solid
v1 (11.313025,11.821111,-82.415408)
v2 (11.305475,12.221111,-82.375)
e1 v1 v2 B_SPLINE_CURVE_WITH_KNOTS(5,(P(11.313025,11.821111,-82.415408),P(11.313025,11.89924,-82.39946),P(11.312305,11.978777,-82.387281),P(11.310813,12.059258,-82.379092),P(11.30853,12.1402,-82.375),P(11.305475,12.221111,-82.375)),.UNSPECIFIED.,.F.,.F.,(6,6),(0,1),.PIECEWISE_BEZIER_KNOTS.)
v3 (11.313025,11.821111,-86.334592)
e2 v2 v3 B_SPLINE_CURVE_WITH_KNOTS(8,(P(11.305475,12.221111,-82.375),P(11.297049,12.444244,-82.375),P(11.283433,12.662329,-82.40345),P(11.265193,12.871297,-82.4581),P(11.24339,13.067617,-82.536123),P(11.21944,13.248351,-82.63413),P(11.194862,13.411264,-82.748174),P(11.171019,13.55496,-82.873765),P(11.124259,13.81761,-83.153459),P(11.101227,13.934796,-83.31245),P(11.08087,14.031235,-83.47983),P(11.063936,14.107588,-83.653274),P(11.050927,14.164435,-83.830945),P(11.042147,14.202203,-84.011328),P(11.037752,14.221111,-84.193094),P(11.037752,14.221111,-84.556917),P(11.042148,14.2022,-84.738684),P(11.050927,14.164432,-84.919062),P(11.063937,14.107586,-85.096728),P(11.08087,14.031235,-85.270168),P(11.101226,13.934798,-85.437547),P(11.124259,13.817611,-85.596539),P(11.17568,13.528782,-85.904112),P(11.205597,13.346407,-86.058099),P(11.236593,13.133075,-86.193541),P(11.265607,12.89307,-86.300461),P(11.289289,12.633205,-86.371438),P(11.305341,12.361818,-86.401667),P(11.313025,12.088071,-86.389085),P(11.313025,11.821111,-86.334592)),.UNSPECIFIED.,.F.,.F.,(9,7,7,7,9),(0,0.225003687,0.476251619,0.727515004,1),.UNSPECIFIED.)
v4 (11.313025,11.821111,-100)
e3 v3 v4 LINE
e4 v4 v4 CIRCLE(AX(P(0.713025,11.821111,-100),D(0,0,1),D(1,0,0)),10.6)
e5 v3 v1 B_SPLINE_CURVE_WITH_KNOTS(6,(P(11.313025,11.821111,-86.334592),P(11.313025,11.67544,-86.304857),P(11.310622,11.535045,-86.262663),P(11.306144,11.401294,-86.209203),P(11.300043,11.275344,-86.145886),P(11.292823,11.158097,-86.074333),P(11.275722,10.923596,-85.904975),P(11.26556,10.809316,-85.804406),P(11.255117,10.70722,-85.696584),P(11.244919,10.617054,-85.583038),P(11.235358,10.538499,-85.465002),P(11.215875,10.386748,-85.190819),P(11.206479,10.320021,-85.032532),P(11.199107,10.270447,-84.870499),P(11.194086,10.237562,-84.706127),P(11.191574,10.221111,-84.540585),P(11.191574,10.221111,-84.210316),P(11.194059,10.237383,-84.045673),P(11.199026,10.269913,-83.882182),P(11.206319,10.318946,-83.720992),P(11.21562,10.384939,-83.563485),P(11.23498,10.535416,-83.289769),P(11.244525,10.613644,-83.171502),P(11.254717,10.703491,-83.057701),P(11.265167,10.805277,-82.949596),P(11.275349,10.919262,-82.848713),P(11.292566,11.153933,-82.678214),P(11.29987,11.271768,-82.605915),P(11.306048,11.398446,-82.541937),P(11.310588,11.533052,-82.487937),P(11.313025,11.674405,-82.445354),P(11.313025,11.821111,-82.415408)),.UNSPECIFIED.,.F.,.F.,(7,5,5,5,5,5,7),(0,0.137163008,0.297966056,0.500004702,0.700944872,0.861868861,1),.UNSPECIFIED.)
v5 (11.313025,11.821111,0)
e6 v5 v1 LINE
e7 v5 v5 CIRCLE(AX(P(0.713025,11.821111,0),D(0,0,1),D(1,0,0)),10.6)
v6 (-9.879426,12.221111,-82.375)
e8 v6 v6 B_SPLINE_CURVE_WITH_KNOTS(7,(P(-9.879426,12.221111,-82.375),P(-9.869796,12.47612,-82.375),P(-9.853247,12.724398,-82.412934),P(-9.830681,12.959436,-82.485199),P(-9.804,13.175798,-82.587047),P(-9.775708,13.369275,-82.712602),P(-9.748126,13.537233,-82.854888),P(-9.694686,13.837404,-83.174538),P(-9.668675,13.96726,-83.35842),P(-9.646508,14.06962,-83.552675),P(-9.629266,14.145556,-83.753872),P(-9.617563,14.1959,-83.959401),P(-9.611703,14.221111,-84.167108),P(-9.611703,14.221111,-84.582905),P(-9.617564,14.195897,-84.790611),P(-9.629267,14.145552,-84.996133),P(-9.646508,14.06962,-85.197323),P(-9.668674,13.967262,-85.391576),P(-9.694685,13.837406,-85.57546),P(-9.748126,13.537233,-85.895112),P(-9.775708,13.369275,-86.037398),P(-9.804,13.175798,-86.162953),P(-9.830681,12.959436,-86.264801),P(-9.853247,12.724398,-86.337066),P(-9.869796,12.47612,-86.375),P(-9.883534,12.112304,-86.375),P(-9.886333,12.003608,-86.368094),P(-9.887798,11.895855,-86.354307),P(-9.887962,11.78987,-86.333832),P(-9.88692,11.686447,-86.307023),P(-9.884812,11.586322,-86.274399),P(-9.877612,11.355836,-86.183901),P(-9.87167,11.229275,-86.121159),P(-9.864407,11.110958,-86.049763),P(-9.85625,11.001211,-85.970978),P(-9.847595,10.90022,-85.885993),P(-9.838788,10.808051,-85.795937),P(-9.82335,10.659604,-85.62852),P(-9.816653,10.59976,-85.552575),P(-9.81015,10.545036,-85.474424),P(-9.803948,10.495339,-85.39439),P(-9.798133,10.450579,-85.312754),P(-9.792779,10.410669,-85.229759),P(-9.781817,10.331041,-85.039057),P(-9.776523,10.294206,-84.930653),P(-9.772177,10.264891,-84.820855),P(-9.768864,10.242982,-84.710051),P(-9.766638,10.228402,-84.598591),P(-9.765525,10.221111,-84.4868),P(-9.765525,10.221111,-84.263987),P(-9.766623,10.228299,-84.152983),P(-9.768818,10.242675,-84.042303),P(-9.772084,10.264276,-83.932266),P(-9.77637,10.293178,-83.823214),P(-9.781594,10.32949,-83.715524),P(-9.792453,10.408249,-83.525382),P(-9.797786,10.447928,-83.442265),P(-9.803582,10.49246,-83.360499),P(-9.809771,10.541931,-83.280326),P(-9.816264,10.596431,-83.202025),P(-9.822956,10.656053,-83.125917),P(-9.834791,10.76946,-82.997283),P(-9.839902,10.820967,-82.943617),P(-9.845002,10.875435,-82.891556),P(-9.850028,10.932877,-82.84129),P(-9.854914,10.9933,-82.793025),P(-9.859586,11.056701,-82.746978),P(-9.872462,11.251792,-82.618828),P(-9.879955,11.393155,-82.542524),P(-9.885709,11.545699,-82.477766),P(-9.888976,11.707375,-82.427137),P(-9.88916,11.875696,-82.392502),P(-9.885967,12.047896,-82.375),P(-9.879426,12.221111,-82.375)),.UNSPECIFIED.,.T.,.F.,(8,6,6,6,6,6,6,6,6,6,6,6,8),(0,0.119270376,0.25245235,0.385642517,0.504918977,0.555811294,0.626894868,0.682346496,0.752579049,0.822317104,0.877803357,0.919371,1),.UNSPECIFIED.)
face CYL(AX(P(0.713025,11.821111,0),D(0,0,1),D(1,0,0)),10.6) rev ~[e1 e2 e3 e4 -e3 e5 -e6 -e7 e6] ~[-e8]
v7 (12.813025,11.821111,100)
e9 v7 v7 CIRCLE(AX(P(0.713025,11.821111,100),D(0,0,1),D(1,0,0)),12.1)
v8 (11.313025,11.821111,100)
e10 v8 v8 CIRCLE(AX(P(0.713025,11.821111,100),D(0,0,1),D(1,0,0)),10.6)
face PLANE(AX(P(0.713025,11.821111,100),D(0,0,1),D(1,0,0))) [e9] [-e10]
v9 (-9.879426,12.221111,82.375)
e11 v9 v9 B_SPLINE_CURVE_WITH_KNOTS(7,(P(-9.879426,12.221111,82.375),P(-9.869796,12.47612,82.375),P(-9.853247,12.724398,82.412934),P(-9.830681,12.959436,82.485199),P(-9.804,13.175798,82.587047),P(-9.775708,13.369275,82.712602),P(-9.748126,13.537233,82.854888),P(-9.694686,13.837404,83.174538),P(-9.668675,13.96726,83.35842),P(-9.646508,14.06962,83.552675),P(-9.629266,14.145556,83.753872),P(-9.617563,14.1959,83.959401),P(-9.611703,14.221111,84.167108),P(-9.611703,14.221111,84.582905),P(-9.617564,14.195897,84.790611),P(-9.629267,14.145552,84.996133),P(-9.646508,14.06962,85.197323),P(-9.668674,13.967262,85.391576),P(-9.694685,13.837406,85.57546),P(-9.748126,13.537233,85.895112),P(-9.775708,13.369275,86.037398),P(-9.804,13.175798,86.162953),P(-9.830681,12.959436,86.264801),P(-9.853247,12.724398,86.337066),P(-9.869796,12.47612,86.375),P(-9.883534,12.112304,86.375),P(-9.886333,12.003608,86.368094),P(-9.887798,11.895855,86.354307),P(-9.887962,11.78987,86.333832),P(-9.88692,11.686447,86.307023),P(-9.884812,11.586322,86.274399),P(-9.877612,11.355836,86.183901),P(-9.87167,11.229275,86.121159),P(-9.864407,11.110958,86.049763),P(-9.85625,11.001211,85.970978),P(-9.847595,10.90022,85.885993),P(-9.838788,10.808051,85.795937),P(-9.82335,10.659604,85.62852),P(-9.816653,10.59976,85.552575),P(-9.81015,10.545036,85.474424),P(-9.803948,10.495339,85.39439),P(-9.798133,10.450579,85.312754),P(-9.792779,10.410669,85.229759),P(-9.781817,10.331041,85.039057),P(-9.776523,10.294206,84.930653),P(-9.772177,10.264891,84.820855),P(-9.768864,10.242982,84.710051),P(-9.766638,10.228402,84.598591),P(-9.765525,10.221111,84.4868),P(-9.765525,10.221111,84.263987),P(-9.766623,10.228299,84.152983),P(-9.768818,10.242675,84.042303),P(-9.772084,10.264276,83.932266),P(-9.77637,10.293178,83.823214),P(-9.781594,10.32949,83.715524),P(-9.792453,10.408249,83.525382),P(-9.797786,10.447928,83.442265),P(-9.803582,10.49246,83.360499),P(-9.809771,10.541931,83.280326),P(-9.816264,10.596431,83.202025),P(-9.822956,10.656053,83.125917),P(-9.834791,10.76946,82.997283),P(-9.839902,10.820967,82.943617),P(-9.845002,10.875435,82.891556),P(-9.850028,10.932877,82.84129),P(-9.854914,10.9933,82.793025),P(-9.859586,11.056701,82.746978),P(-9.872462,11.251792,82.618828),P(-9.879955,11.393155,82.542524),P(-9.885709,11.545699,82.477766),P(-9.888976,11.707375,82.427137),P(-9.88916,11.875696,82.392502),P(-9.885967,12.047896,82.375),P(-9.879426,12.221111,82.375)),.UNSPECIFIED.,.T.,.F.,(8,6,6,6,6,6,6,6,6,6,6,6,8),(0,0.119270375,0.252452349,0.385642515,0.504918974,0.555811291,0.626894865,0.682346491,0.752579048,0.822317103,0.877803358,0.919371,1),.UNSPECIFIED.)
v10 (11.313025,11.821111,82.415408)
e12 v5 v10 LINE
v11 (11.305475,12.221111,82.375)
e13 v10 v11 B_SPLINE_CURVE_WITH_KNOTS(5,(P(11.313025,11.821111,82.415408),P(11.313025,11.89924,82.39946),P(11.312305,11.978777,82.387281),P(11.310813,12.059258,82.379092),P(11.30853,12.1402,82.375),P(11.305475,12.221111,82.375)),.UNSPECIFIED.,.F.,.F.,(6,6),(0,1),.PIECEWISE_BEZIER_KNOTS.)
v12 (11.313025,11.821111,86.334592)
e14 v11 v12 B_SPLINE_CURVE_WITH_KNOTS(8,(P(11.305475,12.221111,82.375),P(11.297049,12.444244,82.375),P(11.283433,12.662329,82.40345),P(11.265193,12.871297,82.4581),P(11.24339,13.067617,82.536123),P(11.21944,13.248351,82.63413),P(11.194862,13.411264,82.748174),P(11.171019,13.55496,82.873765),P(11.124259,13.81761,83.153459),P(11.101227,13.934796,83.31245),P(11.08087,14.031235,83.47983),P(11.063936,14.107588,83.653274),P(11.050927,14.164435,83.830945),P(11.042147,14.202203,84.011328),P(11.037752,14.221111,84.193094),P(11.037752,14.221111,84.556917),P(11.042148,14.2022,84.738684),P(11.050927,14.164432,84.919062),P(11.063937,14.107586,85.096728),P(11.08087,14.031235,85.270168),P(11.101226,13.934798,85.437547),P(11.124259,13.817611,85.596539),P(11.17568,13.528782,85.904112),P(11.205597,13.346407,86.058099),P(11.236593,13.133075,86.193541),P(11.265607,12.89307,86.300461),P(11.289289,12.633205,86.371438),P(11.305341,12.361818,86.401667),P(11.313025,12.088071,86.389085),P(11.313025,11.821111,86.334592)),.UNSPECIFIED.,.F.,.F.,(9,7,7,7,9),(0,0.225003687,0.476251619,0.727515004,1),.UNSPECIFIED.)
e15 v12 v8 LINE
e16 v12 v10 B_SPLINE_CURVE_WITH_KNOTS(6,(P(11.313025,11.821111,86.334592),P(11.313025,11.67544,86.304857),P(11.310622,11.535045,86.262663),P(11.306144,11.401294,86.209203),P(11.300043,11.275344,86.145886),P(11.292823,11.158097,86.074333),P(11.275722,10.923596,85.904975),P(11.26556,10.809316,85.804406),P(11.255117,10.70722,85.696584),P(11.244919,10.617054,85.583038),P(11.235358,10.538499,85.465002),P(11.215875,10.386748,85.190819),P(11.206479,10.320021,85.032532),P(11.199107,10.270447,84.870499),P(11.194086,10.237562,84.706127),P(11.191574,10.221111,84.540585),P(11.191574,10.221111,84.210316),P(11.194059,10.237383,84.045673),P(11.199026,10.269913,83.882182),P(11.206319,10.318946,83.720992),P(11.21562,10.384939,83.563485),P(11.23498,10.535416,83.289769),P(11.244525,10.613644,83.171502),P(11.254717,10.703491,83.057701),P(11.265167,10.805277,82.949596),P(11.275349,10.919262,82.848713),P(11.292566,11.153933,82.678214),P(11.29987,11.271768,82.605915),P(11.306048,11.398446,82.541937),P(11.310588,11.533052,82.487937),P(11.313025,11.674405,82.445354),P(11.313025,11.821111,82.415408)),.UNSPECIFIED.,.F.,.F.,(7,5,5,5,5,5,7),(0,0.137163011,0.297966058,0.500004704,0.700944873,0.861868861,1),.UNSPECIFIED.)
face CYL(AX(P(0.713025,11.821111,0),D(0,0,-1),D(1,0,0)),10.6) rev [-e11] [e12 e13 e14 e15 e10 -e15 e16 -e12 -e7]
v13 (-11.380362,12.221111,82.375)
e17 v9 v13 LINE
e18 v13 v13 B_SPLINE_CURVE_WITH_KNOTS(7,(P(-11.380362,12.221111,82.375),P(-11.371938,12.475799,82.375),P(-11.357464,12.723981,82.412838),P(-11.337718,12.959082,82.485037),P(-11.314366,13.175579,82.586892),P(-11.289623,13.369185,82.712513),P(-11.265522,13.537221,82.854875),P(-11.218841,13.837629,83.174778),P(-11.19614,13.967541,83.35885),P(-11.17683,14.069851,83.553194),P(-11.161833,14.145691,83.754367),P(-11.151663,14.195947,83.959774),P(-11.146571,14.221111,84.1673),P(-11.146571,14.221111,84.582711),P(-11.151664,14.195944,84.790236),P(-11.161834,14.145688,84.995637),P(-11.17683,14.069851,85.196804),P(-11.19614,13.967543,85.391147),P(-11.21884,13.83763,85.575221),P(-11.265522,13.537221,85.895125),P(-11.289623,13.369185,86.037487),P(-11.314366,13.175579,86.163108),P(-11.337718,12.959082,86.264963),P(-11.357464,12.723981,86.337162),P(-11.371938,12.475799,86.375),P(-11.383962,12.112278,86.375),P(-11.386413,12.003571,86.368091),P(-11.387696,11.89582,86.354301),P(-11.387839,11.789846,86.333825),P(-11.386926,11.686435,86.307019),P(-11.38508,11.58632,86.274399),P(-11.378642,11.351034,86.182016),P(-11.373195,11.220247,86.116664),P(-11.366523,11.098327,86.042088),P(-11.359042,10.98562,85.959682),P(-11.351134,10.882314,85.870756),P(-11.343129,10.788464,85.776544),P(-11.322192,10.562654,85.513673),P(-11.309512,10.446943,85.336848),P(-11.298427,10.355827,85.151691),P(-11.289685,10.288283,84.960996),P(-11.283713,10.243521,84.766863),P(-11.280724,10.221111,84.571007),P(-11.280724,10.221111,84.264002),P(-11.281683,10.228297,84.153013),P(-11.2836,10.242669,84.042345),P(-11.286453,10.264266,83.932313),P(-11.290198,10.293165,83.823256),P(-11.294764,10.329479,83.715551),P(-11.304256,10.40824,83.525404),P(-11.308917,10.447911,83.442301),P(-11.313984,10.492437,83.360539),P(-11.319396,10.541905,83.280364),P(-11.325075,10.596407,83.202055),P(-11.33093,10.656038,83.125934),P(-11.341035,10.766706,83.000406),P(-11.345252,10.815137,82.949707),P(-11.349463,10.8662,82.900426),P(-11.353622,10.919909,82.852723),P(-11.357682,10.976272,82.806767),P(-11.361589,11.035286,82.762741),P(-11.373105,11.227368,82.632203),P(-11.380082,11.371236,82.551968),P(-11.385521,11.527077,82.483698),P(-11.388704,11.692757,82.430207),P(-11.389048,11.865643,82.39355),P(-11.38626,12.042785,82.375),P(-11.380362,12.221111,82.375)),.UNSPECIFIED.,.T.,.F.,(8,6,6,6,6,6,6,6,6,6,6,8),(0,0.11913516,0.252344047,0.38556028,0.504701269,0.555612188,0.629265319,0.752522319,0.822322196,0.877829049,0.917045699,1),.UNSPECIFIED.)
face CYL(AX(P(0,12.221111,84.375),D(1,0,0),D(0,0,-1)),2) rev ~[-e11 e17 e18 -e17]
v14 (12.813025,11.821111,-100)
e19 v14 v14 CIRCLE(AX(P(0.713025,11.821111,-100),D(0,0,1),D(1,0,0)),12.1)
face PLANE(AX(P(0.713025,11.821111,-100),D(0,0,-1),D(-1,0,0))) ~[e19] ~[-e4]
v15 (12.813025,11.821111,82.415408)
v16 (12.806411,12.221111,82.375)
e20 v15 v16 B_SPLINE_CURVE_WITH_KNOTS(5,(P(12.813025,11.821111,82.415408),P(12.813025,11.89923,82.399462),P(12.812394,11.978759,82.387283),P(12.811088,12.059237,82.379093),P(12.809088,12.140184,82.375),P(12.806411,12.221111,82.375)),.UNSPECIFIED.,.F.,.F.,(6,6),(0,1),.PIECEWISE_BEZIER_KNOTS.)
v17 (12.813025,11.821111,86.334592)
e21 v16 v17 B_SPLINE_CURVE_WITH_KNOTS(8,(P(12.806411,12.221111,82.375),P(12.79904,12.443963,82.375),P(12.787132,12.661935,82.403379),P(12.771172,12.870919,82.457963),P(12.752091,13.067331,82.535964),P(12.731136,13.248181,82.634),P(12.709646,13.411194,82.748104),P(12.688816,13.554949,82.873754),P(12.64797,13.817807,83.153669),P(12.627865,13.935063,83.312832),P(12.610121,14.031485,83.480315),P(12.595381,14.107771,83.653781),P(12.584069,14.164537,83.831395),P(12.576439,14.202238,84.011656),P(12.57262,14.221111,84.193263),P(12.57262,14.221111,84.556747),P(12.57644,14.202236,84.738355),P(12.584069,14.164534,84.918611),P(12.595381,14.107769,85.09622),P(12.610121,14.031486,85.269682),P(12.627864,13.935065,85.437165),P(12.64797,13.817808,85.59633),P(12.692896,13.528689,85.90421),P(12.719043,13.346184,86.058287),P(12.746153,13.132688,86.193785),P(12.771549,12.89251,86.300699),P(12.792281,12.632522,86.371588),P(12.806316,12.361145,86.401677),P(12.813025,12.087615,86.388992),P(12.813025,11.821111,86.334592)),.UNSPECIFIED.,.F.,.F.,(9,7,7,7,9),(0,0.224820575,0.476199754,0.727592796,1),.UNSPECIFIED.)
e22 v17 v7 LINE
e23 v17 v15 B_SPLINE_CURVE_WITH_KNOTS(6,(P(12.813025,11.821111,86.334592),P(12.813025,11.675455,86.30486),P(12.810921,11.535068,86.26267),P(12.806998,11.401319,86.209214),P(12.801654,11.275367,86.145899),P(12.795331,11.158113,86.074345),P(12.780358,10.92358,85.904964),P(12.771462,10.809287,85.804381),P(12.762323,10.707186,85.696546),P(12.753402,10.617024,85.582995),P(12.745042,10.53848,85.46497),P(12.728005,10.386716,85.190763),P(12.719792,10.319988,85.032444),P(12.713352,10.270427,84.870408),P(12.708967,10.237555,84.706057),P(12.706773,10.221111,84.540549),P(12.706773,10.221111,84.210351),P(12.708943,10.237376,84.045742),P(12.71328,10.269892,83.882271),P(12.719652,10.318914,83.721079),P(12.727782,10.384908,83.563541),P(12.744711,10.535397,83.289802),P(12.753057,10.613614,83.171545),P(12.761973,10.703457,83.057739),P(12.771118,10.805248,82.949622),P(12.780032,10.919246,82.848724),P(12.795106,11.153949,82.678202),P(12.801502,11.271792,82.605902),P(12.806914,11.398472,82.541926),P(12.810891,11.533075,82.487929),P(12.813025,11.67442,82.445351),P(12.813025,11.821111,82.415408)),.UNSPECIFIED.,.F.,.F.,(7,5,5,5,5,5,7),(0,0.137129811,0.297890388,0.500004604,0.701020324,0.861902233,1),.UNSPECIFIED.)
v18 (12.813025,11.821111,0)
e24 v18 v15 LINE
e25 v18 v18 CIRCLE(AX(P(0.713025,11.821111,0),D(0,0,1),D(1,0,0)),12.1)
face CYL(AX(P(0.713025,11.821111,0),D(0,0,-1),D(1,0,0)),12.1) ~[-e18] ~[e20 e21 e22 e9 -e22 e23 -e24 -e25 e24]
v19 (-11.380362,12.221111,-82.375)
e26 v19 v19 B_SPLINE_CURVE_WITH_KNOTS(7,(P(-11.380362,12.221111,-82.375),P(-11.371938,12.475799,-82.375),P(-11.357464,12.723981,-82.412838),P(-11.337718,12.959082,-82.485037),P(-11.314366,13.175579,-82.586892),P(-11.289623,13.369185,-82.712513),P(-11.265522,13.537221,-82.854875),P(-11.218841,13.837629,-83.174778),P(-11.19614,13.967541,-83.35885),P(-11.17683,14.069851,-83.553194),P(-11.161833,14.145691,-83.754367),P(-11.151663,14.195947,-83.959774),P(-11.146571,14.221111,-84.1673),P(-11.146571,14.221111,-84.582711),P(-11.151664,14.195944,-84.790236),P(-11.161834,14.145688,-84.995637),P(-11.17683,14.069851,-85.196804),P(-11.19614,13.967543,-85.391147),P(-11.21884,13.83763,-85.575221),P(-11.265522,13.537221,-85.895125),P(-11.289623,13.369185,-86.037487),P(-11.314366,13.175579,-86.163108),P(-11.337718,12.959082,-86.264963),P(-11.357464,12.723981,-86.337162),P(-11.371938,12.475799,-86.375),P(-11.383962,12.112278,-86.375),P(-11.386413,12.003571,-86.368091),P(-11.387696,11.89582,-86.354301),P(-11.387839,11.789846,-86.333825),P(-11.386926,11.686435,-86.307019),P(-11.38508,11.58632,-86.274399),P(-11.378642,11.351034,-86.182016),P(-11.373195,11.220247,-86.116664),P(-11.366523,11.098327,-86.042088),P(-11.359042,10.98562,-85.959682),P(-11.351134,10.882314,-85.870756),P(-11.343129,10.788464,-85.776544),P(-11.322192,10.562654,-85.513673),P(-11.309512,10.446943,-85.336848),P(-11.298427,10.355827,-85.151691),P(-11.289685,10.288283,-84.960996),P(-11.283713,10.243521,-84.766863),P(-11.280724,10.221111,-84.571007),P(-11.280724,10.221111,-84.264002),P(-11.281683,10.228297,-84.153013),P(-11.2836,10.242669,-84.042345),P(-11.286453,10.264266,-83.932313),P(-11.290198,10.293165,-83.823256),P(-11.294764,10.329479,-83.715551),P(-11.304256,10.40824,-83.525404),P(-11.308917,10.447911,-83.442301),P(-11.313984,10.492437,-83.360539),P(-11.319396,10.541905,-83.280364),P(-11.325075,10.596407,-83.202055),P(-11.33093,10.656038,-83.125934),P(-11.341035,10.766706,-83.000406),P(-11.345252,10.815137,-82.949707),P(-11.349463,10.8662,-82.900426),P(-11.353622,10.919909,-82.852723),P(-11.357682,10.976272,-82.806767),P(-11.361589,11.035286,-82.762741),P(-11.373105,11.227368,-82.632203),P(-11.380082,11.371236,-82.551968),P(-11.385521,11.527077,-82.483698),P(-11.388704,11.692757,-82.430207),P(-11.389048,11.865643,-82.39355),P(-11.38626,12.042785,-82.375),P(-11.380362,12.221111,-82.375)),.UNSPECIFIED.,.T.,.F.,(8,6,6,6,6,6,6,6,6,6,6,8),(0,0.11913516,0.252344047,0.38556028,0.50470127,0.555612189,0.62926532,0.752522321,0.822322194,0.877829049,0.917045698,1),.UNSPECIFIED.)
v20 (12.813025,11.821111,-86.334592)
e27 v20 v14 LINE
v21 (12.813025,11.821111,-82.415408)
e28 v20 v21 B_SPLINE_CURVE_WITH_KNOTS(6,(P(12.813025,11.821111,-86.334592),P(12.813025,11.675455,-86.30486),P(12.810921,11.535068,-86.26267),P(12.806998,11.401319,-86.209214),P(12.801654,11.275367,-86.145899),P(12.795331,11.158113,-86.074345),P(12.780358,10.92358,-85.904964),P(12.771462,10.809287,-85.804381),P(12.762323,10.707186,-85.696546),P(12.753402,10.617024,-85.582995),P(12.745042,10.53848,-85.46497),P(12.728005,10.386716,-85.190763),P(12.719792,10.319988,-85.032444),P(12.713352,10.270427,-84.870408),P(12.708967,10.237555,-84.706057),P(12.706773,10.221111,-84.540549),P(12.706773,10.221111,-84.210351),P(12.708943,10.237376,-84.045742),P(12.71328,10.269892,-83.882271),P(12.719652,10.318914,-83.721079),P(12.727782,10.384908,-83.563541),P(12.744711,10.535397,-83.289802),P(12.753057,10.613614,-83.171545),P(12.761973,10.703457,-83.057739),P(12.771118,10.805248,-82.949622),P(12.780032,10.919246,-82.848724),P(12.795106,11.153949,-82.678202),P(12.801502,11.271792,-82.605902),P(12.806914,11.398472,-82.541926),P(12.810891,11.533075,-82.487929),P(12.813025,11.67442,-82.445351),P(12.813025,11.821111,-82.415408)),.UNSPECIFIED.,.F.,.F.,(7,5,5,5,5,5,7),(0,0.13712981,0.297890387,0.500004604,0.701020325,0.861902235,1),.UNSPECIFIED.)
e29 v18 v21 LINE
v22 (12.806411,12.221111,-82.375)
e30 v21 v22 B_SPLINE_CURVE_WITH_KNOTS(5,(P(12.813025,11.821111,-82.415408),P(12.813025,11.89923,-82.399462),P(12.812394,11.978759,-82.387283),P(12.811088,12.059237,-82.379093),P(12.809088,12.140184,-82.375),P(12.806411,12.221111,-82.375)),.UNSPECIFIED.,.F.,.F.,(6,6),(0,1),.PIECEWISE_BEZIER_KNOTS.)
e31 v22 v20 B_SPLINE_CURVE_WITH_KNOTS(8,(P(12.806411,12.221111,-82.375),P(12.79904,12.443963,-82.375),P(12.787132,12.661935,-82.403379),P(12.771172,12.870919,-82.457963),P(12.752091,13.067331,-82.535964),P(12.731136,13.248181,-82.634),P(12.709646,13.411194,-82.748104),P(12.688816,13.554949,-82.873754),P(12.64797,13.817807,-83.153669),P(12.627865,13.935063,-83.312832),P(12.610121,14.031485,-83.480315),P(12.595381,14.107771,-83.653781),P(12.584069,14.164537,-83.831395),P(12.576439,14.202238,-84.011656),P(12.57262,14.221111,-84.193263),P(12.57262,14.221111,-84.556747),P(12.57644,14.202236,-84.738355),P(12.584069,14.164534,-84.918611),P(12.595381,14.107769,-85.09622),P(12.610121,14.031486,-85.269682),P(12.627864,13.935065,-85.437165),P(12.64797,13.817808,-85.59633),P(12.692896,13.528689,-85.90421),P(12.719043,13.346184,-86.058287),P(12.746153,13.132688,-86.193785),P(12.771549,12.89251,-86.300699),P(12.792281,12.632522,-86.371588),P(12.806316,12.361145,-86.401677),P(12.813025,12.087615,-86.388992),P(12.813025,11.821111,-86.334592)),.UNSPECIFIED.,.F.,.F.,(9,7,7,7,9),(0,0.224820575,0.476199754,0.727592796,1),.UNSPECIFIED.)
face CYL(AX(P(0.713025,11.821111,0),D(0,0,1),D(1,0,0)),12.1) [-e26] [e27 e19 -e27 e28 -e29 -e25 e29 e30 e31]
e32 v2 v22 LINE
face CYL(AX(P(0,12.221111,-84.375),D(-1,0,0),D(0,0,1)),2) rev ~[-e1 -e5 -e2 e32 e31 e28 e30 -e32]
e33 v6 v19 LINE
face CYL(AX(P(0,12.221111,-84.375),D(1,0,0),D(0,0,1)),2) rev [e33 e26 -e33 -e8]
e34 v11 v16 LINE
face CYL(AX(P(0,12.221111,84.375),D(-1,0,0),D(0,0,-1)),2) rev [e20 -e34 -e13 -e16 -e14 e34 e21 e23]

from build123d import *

# Parameters (mm, degrees)
SKETCH1_R           = 12.1
SKETCH1_R_2         = 10.6
BOSS_EXTRUDE1_DEPTH = 100
SKETCH8_R           = 2
CUT_EXTRUDE2_DEPTH  = 104.616567834


with BuildPart() as part:
    # Sketch1 → Boss-Extrude1 (new body)
    with BuildSketch(Plane.XY):
        with Locations((0.713024601, 11.821110558)):
            Circle(SKETCH1_R)
        with Locations((0.713024601, 11.821110558)):
            Circle(SKETCH1_R_2, mode=Mode.SUBTRACT)
    boss_extrude1 = extrude(amount=BOSS_EXTRUDE1_DEPTH)

    # Sketch8 → Cut-Extrude2 (cut, symmetric)
    with BuildSketch(Plane(origin=(0, 0, 0), x_dir=(0, 0, -1), z_dir=(1, 0, 0))):
        with Locations((-84.375, 12.221110558)):
            Circle(SKETCH8_R)
        with Locations((-151.625, 12.221110558)):
            Circle(SKETCH8_R)
    cut_extrude2 = extrude(amount=CUT_EXTRUDE2_DEPTH, both=True, mode=Mode.SUBTRACT)

    # Mirror1: Boss-Extrude1, Cut-Extrude2 across plane
    add(boss_extrude1.mirror(Plane(origin=(0.713024601, 11.821110558, 0), x_dir=(1, 0, 0), z_dir=(0, 0, 1))))
    add(cut_extrude2.mirror(Plane(origin=(0.713024601, 11.821110558, 0), x_dir=(1, 0, 0), z_dir=(0, 0, 1))), mode=Mode.SUBTRACT)


solid = part.part
